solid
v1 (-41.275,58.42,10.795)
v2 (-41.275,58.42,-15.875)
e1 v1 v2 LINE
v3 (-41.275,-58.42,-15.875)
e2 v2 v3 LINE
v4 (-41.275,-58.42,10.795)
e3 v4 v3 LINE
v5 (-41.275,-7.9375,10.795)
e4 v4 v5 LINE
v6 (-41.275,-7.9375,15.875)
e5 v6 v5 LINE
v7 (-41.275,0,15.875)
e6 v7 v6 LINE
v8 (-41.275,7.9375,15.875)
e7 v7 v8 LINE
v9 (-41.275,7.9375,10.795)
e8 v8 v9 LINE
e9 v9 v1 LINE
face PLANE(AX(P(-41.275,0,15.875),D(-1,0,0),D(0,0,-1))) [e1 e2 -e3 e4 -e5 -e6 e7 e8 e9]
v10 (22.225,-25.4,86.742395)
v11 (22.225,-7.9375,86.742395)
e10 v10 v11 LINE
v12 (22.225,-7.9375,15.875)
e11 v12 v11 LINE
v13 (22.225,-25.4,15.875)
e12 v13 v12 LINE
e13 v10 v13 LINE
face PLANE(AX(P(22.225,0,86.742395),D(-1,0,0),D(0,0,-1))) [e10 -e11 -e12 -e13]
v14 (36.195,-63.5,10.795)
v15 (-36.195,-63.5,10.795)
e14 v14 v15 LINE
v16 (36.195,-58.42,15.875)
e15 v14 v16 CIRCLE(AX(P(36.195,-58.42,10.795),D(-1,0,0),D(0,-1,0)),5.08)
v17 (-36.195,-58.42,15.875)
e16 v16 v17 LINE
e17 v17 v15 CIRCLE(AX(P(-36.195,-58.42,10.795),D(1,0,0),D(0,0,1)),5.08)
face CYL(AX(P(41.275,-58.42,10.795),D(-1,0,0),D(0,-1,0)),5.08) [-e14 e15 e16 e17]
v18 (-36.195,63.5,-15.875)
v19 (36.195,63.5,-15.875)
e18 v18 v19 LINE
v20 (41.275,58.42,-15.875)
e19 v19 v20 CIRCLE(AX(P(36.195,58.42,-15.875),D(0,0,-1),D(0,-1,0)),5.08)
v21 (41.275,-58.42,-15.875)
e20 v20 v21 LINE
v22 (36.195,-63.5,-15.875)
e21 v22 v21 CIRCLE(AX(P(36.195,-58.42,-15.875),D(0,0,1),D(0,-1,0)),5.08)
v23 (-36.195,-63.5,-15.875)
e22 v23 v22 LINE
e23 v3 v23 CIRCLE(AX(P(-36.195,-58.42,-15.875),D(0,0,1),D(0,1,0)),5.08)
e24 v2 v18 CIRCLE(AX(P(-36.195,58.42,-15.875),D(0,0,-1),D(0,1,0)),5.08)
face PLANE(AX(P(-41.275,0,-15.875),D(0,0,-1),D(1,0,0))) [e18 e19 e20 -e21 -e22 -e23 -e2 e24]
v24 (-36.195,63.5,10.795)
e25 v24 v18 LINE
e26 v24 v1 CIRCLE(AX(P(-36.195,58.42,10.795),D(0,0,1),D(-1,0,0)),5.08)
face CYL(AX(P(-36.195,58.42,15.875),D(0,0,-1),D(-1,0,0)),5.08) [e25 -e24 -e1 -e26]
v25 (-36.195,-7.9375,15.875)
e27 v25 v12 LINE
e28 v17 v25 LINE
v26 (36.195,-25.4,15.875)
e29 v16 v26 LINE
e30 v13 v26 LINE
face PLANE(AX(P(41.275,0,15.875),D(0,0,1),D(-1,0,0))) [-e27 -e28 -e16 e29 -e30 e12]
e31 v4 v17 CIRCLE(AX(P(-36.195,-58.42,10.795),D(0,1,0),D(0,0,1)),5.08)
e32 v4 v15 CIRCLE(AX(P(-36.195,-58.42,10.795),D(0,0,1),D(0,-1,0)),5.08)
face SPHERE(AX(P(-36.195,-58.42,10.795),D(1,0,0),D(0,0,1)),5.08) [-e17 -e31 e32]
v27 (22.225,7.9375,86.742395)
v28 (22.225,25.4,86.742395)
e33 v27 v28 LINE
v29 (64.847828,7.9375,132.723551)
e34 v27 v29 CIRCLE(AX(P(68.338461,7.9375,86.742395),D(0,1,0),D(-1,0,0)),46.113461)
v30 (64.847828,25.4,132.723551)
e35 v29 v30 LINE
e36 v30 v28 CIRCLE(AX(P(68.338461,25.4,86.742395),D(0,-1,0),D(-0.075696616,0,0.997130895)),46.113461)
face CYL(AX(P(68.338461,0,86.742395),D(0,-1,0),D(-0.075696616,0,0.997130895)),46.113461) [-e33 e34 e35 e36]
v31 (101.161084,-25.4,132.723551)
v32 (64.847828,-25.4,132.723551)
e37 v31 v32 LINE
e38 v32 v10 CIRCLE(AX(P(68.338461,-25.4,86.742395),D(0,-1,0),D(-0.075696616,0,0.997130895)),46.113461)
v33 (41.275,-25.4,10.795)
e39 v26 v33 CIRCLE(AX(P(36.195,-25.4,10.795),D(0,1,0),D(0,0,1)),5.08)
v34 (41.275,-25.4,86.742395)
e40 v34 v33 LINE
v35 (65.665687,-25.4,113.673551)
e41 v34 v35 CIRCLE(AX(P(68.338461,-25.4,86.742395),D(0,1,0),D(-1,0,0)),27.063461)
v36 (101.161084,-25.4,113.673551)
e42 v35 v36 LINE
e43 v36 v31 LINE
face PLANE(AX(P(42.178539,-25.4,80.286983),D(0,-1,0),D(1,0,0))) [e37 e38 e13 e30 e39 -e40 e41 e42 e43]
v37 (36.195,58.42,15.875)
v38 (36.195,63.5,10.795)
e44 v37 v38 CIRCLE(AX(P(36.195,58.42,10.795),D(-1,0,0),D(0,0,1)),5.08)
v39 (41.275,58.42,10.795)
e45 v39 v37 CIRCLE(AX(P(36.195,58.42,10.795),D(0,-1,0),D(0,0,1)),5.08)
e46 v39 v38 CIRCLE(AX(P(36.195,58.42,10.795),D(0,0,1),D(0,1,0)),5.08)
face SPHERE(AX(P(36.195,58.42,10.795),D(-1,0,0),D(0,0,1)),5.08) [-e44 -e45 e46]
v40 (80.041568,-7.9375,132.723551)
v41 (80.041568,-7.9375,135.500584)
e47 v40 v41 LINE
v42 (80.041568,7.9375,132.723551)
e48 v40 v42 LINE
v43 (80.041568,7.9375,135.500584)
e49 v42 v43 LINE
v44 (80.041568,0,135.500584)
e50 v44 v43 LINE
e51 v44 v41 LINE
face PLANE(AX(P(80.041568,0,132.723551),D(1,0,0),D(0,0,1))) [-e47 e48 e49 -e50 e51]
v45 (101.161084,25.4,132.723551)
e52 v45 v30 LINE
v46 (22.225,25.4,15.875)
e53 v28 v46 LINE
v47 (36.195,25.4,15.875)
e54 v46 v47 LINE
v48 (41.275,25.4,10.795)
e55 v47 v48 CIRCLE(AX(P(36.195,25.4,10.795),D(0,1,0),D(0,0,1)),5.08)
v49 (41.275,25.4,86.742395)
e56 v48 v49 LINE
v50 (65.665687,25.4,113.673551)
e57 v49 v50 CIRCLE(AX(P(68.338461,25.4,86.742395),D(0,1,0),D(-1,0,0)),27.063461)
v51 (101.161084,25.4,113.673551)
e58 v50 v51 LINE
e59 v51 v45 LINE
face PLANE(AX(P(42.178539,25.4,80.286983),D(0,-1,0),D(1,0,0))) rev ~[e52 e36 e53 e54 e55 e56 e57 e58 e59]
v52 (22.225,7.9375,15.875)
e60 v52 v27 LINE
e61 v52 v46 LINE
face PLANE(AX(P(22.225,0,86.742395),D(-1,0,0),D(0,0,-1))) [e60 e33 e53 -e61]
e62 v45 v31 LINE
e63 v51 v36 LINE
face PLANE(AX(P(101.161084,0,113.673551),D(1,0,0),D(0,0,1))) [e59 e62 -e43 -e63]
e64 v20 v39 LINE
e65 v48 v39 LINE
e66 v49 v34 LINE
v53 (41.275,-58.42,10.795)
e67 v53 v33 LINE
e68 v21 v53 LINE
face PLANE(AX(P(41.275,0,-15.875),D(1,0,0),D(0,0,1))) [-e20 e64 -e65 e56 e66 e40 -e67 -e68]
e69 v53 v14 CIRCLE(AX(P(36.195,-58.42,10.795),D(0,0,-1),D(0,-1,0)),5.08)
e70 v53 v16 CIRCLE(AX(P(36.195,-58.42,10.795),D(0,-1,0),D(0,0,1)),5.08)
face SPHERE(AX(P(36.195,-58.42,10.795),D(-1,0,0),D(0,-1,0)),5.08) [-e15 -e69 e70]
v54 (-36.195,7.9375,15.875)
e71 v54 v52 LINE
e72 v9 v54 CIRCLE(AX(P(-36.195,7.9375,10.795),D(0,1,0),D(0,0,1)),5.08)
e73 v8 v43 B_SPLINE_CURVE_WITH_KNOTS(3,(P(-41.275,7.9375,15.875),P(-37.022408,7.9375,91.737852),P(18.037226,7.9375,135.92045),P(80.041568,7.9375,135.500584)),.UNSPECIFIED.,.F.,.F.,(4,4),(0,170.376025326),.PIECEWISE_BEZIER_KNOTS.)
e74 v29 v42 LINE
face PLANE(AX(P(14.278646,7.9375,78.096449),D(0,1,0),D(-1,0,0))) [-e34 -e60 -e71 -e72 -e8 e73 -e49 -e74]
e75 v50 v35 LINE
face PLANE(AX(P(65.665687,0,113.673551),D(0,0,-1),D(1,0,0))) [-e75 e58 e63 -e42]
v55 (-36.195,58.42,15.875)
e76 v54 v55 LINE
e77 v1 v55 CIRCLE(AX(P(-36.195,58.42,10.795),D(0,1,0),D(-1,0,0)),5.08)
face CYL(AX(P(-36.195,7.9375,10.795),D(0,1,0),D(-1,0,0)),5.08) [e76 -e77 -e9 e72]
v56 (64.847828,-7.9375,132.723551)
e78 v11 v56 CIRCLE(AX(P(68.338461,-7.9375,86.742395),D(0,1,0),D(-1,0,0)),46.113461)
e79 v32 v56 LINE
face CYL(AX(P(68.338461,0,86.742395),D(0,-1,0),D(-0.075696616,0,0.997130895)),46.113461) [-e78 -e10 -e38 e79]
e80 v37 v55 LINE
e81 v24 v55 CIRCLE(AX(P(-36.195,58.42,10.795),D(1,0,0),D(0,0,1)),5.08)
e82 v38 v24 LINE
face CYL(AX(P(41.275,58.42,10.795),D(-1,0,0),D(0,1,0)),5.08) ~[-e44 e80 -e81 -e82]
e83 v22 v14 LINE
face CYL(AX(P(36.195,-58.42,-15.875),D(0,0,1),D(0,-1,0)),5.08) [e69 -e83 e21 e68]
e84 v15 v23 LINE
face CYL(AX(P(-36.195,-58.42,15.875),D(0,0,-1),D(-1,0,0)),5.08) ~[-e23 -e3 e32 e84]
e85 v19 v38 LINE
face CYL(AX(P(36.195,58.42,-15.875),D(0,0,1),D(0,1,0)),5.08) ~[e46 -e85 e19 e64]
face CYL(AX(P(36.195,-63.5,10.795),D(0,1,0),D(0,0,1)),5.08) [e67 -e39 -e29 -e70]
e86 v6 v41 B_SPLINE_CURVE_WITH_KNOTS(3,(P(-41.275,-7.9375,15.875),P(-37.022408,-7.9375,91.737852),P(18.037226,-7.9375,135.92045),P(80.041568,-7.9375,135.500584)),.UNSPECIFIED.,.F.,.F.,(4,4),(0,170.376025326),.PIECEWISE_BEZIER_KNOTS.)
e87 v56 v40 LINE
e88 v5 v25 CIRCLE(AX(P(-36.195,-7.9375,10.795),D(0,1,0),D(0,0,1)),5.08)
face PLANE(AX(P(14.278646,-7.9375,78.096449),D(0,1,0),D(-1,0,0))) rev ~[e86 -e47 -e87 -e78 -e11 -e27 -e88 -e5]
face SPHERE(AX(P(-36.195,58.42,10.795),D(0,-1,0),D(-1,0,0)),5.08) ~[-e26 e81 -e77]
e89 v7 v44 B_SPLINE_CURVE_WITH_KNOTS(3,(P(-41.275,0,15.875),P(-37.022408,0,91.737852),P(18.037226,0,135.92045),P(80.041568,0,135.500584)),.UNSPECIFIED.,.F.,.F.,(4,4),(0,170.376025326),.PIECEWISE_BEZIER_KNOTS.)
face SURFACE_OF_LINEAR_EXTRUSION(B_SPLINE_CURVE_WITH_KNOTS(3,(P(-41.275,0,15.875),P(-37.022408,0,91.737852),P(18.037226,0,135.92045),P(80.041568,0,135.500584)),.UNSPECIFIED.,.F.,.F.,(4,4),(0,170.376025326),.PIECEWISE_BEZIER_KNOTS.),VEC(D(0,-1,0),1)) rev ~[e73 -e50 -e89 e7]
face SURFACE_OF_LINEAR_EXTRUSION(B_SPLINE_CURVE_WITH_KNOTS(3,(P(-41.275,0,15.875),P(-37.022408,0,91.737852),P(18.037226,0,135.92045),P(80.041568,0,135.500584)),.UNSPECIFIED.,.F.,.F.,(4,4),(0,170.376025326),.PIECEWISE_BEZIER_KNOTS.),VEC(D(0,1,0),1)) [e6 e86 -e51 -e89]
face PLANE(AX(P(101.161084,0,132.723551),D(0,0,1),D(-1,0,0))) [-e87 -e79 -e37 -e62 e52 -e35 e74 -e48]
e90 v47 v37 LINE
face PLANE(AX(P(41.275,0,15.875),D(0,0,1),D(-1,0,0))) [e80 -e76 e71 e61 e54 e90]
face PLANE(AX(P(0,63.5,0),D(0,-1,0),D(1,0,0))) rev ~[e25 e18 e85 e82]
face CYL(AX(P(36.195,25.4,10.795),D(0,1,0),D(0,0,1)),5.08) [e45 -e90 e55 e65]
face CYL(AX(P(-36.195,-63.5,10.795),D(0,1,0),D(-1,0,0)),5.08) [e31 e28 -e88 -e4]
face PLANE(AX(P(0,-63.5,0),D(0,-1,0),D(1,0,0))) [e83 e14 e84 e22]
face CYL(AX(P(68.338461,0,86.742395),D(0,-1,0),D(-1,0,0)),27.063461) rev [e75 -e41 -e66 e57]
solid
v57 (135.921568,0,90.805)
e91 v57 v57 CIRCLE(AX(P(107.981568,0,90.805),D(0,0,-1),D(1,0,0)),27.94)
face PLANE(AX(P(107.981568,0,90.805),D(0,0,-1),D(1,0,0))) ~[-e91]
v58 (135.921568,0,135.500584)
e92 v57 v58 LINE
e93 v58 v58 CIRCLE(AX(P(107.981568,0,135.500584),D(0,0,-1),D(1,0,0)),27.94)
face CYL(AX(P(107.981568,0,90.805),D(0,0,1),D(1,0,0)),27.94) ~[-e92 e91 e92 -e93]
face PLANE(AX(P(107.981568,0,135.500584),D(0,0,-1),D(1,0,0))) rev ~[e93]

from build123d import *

# Parameters (mm, degrees)
F1_DEPTH = 63.5
F0_W     = 21.1195161537
F0_H     = 19.05
F2_DEPTH = 25.4
F3_DEPTH = 7.9375
F4_R     = 5.08


with BuildPart() as f1:
    # F0 (on Front) → F1 (new body, symmetric)
    with BuildSketch(Plane.XZ):
        Polygon((-41.275, 15.875), (-41.275, -15.875), (41.275, -15.875), (41.275, 15.875), (22.225, 15.875), align=None)
    extrude(amount=F1_DEPTH, both=True)

    # F0 (on Front) → F2 (join, symmetric)
    with BuildSketch(Plane.XZ):
        with BuildLine():
            Line((22.225, 15.875), (41.275, 15.875))
            Line((41.275, 15.875), (41.275, 86.7423946518))
            ThreePointArc((41.275, 86.7423946518), (48.2789813917, 104.9096233849), (65.6656867074, 113.6735513538))
            Line((65.6656867074, 113.6735513538), (80.041568313, 113.6735513538))
            Line((80.041568313, 113.6735513538), (80.041568313, 132.7235513538))
            Line((80.041568313, 132.7235513538), (64.8478281078, 132.7235513538))
            ThreePointArc((64.8478281078, 132.7235513538), (34.5197054828, 118.0911276707), (22.225, 86.7423946518))
            Line((22.225, 86.7423946518), (22.225, 15.875))
        make_face()
        with Locations((90.6013263899, 123.1985513538)):
            Rectangle(F0_W, F0_H)
    extrude(amount=F2_DEPTH, both=True)

    # F0 (on Front) → F3 (join, symmetric)
    with BuildSketch(Plane.XZ):
        with BuildLine():
            add(Edge.make_bspline(
                [(-41.275, 15.875), (-37.022408098, 91.7378515005), (18.0372260511, 135.9204500914), (80.041568313, 135.5005836293)],
                knots=[0, 0, 0, 0, 170.376025326, 170.376025326, 170.376025326, 170.376025326], degree=3))
            Line((-41.275, 15.875), (22.225, 15.875))
            Line((22.225, 15.875), (22.225, 86.7423946518))
            ThreePointArc((22.225, 86.7423946518), (34.5197054828, 118.0911276707), (64.8478281078, 132.7235513538))
            Line((64.8478281078, 132.7235513538), (80.041568313, 132.7235513538))
            Line((80.041568313, 132.7235513538), (80.041568313, 135.5005836293))
        make_face()
    extrude(amount=F3_DEPTH, both=True)

    # F4
    f4_edges = [f1.edges().sort_by_distance(p)[0] for p in [
        (0, -63.5, 15.875),
        (41.275, -63.5, 0),
        (41.275, -44.45, 15.875),
        (-41.275, -35.71875, 15.875),
        (-41.275, -63.5, 0),
        (-41.275, 35.71875, 15.875),
        (-41.275, 63.5, 0),
        (0, 63.5, 15.875),
        (41.275, 44.45, 15.875),
        (41.275, 63.5, 0),
    ]]
    fillet(f4_edges, radius=F4_R)


with BuildPart() as f5:
    # F0 (on Front) → F5 (revolve)
    with BuildSketch(Plane.XZ):
        Polygon((135.921568313, 135.5005836293), (107.981568313, 135.5005836293), (107.981568313, 113.1527918146), (107.981568313, 90.805), (135.921568313, 90.805), align=None)
    revolve(axis=Axis((107.981568313, 0, 113.1527918146), (0, 0, -1)))


solid = Compound([f1.part, f5.part])
